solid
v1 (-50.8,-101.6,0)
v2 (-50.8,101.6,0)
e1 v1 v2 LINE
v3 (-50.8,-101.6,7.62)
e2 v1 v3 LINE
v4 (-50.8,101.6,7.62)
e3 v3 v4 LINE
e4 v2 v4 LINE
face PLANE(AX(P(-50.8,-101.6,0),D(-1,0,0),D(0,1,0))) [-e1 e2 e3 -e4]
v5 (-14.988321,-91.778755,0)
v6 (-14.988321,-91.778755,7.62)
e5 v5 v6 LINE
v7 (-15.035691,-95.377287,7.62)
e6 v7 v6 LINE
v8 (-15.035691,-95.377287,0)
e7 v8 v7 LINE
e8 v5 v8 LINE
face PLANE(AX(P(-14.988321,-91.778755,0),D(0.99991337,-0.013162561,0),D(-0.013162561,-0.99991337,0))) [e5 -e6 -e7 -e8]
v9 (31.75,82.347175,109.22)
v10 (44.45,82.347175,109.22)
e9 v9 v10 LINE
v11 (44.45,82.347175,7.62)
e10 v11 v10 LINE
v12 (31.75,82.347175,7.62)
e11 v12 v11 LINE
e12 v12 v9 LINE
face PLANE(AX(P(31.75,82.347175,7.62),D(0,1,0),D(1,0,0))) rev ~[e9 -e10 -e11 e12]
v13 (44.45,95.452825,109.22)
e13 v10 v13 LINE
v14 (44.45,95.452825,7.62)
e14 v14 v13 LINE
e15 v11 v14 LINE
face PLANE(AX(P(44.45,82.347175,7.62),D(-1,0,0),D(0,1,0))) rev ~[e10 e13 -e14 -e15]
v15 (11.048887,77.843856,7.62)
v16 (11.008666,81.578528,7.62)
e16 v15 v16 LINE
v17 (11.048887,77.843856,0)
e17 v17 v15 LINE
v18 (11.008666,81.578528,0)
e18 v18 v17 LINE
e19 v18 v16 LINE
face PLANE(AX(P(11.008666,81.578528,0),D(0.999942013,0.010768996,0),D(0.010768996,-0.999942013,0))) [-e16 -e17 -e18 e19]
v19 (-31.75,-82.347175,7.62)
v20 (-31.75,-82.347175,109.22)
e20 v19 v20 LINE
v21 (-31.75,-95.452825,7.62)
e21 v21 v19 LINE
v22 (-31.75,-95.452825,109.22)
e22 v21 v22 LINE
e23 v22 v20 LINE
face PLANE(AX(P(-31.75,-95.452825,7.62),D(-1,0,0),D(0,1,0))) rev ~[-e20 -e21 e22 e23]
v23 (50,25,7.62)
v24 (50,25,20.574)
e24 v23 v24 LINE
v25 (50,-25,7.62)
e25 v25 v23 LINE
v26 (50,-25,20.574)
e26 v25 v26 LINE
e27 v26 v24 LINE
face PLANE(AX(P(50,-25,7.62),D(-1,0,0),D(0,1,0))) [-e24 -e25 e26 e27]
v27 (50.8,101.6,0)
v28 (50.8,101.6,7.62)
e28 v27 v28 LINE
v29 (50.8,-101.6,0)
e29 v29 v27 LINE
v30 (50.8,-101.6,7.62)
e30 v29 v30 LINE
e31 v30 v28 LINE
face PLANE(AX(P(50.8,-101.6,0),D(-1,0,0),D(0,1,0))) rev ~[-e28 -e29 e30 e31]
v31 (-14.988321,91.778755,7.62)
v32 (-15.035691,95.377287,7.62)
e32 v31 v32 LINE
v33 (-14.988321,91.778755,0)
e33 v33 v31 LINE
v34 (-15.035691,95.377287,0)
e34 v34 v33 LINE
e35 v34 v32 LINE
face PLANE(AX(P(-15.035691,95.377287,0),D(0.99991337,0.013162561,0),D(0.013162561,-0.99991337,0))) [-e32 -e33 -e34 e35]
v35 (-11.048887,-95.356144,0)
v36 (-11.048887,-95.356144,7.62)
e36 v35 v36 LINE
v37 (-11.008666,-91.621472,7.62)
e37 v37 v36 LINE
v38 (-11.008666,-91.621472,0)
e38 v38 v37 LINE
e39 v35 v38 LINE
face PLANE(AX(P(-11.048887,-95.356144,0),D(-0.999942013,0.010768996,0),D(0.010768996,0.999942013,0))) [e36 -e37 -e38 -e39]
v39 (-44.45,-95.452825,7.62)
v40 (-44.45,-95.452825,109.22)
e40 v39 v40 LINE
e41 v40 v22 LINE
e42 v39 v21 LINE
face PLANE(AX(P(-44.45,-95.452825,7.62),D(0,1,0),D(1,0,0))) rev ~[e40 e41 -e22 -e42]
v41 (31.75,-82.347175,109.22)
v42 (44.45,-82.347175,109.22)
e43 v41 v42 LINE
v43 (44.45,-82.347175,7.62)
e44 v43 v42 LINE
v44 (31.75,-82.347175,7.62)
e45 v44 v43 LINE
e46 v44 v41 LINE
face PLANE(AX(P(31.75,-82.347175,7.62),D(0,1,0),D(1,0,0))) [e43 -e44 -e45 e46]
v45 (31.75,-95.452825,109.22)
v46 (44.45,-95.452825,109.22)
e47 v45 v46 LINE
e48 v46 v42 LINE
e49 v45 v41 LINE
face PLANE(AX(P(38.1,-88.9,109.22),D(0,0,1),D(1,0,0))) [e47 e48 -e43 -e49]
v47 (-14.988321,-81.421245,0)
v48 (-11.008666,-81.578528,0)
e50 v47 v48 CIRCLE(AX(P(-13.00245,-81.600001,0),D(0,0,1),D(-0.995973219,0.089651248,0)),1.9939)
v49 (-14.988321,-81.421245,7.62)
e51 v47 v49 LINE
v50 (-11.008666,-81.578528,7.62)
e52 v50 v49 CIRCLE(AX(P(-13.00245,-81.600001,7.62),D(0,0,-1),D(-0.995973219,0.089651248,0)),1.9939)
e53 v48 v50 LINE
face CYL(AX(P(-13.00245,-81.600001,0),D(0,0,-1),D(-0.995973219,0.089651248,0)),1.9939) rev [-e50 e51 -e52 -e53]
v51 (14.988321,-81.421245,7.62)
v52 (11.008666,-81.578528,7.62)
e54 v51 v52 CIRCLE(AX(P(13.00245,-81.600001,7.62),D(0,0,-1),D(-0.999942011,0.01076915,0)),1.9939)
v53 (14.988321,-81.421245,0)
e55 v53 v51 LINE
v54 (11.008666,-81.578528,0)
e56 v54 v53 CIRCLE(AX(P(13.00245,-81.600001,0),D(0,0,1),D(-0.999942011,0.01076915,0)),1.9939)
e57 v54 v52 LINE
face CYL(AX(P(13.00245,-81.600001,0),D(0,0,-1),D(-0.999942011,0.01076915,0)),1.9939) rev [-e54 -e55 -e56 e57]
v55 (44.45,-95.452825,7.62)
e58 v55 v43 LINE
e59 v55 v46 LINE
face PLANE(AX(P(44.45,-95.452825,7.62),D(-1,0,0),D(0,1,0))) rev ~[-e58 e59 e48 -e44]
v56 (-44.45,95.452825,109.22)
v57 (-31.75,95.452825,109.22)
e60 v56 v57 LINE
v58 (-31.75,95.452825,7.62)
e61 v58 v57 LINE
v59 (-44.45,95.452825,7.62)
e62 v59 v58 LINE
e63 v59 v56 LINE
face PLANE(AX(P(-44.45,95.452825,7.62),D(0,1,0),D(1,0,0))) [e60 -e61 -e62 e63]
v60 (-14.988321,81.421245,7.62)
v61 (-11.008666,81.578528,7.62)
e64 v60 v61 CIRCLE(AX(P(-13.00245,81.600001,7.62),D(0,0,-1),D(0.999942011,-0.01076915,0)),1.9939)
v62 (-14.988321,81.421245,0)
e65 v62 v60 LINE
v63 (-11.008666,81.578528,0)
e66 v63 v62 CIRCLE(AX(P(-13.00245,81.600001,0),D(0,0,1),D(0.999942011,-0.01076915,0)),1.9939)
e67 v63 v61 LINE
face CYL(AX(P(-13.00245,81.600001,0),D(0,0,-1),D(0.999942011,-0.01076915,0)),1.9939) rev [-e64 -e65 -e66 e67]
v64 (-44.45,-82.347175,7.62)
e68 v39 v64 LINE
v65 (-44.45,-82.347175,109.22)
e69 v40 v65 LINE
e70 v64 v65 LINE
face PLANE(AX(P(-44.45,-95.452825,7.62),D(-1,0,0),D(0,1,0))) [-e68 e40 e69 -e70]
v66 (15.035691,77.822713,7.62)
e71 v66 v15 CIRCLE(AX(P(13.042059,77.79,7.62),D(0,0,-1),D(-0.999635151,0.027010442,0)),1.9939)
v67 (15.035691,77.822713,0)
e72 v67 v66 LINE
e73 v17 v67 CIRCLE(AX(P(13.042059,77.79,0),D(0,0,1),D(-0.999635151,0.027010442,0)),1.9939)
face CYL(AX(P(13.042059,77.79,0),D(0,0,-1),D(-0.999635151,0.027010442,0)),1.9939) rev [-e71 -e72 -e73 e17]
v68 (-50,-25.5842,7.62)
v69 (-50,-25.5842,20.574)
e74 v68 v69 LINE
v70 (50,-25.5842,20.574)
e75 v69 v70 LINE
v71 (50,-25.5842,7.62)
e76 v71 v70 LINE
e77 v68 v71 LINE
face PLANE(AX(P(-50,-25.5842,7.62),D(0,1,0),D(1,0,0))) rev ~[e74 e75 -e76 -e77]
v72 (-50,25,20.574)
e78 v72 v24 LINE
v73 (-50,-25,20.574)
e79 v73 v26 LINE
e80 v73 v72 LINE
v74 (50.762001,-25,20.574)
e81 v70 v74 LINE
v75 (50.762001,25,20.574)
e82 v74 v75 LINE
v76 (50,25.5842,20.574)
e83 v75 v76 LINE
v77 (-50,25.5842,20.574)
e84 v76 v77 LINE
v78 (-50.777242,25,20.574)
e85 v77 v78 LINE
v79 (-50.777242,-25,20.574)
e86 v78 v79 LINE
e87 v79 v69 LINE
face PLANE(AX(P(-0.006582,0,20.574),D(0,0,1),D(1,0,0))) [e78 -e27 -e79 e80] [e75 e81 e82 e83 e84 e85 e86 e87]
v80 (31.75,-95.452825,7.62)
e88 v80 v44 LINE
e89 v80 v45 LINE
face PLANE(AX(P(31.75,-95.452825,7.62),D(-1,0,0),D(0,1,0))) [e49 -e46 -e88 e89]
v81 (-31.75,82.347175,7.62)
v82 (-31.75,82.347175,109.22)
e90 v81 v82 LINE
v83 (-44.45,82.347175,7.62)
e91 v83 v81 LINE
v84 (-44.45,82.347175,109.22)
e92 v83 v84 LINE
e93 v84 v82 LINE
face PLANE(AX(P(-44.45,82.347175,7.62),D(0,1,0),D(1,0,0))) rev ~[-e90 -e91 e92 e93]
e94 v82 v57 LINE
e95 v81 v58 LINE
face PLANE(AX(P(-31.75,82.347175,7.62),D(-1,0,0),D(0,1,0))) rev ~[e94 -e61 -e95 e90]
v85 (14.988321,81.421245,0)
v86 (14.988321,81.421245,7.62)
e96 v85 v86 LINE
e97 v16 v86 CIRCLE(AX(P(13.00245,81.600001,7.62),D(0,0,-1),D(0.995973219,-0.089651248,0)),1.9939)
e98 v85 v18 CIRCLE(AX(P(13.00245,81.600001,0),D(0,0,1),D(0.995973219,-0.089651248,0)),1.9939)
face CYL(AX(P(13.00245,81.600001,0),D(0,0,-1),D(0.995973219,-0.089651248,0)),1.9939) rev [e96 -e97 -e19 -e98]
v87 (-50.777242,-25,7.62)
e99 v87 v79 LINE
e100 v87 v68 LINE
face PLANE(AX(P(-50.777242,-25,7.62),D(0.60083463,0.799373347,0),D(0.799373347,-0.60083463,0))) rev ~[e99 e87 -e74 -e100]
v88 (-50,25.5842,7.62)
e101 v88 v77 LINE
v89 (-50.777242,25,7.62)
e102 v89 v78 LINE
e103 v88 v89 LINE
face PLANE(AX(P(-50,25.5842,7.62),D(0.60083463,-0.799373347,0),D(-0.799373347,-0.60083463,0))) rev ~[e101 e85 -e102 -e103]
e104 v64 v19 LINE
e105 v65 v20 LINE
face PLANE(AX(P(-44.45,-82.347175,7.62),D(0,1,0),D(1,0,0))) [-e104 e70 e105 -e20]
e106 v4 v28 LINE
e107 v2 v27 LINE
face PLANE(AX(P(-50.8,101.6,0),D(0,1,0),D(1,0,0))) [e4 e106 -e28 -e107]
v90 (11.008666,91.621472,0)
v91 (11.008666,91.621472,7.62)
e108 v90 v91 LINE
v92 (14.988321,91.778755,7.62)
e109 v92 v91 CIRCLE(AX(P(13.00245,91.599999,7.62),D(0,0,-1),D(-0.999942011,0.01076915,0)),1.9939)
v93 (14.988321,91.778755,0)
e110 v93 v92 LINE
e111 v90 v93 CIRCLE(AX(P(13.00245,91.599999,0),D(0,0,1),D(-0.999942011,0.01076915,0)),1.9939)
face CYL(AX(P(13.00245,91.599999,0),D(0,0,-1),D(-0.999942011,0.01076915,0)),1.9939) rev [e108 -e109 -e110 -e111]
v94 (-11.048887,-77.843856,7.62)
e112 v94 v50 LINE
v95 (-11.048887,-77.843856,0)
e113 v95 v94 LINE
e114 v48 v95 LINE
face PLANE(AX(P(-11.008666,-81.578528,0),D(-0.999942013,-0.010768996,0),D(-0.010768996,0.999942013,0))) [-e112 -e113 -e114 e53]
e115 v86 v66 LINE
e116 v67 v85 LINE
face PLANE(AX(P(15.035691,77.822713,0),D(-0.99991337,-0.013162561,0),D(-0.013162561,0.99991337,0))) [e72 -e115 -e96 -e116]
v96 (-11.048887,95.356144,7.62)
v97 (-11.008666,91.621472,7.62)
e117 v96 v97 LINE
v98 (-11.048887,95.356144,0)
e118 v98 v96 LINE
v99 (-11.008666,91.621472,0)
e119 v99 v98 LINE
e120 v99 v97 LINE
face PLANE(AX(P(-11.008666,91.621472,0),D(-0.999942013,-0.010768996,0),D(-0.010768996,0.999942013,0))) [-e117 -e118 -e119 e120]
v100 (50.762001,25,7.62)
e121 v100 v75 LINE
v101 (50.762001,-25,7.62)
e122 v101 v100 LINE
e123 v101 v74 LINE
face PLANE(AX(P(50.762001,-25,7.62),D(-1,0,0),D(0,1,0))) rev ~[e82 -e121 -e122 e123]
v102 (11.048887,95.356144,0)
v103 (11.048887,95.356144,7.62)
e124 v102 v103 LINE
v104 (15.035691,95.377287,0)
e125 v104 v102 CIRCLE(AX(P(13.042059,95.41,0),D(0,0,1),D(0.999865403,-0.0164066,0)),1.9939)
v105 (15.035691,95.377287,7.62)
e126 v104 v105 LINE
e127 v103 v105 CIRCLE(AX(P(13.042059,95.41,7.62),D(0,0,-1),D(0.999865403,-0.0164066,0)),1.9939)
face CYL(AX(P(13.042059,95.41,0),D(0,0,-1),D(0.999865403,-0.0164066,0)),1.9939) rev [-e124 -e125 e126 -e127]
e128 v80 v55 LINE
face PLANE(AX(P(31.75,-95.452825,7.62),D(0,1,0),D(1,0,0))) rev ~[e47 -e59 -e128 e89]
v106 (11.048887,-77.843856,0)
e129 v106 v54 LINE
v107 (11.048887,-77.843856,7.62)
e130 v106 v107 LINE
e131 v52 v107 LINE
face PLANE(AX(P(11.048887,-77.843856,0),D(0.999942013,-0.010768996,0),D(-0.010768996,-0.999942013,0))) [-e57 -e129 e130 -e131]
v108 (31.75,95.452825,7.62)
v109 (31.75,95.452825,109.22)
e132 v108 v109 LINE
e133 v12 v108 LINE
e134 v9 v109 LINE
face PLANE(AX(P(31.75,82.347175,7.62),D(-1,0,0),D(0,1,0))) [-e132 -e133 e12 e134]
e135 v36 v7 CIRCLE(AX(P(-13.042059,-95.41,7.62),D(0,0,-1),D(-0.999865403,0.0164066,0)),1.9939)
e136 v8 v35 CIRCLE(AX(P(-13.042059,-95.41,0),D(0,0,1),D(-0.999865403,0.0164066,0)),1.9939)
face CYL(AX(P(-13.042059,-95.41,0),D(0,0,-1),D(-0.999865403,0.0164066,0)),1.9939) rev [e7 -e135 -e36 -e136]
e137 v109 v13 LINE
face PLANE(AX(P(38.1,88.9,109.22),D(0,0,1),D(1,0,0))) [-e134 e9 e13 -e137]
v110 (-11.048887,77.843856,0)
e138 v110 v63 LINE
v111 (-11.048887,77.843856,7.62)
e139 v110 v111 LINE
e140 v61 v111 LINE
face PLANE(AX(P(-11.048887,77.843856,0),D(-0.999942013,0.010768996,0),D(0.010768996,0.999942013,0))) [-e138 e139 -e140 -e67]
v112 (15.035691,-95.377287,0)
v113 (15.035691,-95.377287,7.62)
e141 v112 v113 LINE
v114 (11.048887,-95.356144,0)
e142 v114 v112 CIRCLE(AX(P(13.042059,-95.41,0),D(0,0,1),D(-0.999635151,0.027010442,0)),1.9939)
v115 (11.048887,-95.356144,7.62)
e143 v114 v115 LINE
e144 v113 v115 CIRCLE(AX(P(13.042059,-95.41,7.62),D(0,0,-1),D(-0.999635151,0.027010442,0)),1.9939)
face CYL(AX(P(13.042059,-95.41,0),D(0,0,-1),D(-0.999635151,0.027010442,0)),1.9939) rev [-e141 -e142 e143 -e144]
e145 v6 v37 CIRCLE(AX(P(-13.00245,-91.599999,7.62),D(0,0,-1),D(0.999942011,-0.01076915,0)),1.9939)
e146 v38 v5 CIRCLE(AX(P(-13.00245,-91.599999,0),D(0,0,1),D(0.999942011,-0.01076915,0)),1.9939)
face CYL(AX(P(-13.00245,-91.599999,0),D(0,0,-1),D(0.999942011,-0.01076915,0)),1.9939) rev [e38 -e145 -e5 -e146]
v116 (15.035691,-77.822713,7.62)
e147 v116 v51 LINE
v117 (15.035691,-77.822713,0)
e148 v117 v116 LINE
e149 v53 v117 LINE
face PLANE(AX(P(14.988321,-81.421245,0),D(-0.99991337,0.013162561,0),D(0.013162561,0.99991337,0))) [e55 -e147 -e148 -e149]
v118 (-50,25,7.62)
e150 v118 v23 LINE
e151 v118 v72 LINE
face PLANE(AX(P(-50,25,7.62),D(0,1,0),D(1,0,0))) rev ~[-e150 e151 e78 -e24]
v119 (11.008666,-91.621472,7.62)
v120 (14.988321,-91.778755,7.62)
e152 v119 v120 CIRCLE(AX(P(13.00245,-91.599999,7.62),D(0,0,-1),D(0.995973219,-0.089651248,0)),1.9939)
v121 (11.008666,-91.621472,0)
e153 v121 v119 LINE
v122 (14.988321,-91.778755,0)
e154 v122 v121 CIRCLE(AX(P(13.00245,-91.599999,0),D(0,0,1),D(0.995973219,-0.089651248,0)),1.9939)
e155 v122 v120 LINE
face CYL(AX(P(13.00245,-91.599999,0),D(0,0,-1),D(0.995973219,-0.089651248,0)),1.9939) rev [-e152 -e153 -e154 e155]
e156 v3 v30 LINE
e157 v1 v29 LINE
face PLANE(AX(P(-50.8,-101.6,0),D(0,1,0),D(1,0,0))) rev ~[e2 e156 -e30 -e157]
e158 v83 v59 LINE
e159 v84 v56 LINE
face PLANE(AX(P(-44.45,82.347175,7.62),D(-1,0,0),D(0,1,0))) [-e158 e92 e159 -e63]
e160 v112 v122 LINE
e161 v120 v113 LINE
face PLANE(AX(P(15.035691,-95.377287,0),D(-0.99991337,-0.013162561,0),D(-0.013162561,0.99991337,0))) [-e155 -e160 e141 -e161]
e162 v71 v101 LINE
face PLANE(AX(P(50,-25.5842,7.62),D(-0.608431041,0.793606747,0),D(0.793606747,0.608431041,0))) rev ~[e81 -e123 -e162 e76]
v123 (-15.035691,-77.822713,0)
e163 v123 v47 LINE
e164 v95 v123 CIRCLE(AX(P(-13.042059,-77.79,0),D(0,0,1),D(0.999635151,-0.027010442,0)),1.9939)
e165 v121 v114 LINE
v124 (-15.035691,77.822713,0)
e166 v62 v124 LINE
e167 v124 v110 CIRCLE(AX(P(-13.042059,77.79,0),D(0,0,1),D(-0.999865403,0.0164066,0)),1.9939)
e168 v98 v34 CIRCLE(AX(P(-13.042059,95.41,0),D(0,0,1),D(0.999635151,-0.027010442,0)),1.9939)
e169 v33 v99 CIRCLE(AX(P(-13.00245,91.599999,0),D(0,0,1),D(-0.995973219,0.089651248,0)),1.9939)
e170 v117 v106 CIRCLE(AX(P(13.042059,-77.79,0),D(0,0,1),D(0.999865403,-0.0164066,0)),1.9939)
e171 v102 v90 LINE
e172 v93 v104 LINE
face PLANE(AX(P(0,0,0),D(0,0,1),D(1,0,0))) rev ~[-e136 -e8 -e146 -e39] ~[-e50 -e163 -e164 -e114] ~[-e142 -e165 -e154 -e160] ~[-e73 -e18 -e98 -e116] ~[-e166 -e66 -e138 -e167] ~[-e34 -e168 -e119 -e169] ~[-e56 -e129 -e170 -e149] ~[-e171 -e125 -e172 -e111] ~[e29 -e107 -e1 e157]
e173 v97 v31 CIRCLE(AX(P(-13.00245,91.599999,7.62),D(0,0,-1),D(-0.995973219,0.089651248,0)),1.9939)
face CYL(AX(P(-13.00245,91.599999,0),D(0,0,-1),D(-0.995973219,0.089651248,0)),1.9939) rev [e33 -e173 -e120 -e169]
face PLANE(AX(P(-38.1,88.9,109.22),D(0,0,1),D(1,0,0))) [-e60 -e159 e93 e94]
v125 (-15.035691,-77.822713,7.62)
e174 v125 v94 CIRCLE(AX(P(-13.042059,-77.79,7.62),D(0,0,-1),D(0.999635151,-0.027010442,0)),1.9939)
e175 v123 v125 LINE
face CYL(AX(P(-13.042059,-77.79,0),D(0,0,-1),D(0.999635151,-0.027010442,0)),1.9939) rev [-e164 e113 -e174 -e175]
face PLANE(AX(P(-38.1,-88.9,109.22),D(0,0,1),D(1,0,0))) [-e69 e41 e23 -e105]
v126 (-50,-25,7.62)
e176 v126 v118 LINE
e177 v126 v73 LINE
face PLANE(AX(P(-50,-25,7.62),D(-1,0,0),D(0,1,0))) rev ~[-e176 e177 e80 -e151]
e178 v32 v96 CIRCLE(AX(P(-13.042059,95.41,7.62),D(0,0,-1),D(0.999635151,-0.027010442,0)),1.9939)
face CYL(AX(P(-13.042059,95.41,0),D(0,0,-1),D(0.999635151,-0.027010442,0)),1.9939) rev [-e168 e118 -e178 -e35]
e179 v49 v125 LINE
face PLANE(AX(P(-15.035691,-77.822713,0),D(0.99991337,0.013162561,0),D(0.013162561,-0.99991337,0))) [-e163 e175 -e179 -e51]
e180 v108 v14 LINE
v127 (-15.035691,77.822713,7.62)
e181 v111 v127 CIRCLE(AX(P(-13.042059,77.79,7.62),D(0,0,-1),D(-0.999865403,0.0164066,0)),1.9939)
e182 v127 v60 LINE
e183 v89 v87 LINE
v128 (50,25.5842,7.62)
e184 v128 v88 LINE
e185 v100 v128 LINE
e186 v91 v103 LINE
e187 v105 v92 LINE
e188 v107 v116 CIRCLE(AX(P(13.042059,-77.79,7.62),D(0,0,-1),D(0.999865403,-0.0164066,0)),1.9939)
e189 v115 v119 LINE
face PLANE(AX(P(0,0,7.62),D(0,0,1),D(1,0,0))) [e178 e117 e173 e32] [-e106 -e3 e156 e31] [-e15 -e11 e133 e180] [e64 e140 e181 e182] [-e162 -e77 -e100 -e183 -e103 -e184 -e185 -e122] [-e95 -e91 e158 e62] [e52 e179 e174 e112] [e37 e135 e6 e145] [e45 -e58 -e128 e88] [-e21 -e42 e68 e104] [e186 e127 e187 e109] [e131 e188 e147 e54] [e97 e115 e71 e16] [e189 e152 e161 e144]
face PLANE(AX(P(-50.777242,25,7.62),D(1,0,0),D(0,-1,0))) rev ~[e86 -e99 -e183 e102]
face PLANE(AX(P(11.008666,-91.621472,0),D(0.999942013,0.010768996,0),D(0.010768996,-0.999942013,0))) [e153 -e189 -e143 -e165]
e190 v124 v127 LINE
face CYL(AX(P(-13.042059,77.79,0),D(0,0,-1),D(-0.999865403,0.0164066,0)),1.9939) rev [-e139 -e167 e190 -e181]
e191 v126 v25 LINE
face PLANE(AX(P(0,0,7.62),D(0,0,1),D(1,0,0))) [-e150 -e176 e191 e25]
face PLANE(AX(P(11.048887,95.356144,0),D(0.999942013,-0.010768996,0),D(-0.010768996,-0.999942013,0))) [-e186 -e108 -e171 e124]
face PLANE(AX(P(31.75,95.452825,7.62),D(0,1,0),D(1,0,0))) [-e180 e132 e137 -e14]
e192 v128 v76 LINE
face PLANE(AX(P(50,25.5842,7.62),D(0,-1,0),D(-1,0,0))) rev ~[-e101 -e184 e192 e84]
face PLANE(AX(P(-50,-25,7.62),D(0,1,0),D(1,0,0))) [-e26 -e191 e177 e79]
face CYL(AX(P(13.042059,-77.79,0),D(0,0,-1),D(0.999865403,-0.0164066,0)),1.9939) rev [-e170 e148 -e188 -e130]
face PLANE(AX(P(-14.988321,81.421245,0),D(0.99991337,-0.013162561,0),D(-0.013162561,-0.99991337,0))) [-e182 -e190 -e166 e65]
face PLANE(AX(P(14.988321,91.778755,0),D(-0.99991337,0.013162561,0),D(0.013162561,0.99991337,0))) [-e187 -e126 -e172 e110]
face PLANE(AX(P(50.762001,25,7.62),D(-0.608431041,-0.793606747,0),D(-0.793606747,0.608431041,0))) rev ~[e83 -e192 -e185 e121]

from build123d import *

# Parameters (mm, degrees)
F0_W     = 101.6
F0_H     = 203.2
F1_DEPTH = 7.62
F3_DEPTH = 25.4
F4_W     = 12.7
F4_H     = 13.10565
F5_DEPTH = 101.6
F6_W     = 100
F6_H     = 50
F7_DEPTH = 12.954


with BuildPart() as f1:
    # F0 (on Top) → F1 (new body)
    with BuildSketch(Plane.XY):
        Rectangle(F0_W, F0_H)
    extrude(amount=F1_DEPTH)

    # F2 (on Top) → F3 (cut)
    with BuildSketch(Plane.XY):
        with BuildLine():
            Line((-15.035691, -77.822713), (-14.988321, -81.421245))
            ThreePointArc((-14.988321, -81.421245), (-13.081192, -83.592345), (-11.008666, -81.578528))
            Line((-11.008666, -81.578528), (-11.048887, -77.843856))
            ThreePointArc((-11.048887, -77.843856), (-13.031485, -75.796128), (-15.035691, -77.822713))
        make_face()
        with BuildLine():
            ThreePointArc((-15.035691, -95.377287), (-13.031485, -97.403872), (-11.048887, -95.356144))
            Line((-11.048887, -95.356144), (-11.008666, -91.621472))
            ThreePointArc((-11.008666, -91.621472), (-13.081192, -89.607655), (-14.988321, -91.778755))
            Line((-14.988321, -91.778755), (-15.035691, -95.377287))
        make_face()
        with BuildLine():
            ThreePointArc((15.035691, -77.822713), (13.031485, -75.796128), (11.048887, -77.843856))
            Line((11.048887, -77.843856), (11.008666, -81.578528))
            ThreePointArc((11.008666, -81.578528), (13.081192, -83.592345), (14.988321, -81.421245))
            Line((14.988321, -81.421245), (15.035691, -77.822713))
        make_face()
        with BuildLine():
            Line((11.008666, -91.621472), (11.048887, -95.356144))
            ThreePointArc((11.048887, -95.356144), (13.031485, -97.403872), (15.035691, -95.377287))
            Line((15.035691, -95.377287), (14.988321, -91.778755))
            ThreePointArc((14.988321, -91.778755), (13.081192, -89.607655), (11.008666, -91.621472))
        make_face()
        with BuildLine():
            ThreePointArc((15.035691, 95.377287), (13.031485, 97.403872), (11.048887, 95.356144))
            Line((11.048887, 95.356144), (11.008666, 91.621472))
            ThreePointArc((11.008666, 91.621472), (13.081192, 89.607655), (14.988321, 91.778755))
            Line((14.988321, 91.778755), (15.035691, 95.377287))
        make_face()
        with BuildLine():
            Line((-11.008666, 91.621472), (-11.048887, 95.356144))
            ThreePointArc((-11.048887, 95.356144), (-13.031485, 97.403872), (-15.035691, 95.377287))
            Line((-15.035691, 95.377287), (-14.988321, 91.778755))
            ThreePointArc((-14.988321, 91.778755), (-13.081192, 89.607655), (-11.008666, 91.621472))
        make_face()
        with BuildLine():
            ThreePointArc((-15.035691, 77.822713), (-13.031485, 75.796128), (-11.048887, 77.843856))
            Line((-11.048887, 77.843856), (-11.008666, 81.578528))
            ThreePointArc((-11.008666, 81.578528), (-13.081192, 83.592345), (-14.988321, 81.421245))
            Line((-14.988321, 81.421245), (-15.035691, 77.822713))
        make_face()
        with BuildLine():
            ThreePointArc((11.048887, 77.843856), (13.031485, 75.796128), (15.035691, 77.822713))
            Line((15.035691, 77.822713), (14.988321, 81.421245))
            ThreePointArc((14.988321, 81.421245), (13.081192, 83.592345), (11.008666, 81.578528))
            Line((11.008666, 81.578528), (11.048887, 77.843856))
        make_face()
    extrude(amount=F3_DEPTH, mode=Mode.SUBTRACT)

    # F4 (on face) → F5 (join)
    with BuildSketch(Plane.XY.offset(7.62)):
        with Locations((38.1, 88.9)):
            Rectangle(F4_W, F4_H)
        with Locations((-38.1, 88.9)):
            Rectangle(F4_W, F4_H)
        with Locations((38.1, -88.9)):
            Rectangle(F4_W, F4_H)
        with Locations((-38.1, -88.9)):
            Rectangle(F4_W, F4_H)
    extrude(amount=F5_DEPTH)

    # F6 (on face) → F7 (join)
    with BuildSketch(Plane.XY.offset(7.62)):
        Polygon((50, 25.5842), (-50, 25.5842), (-50.777242, 25), (-50.777242, -25), (-50, -25.5842), (50, -25.5842), (50.762001, -25), (50.762001, 25), align=None)
        Rectangle(F6_W, F6_H, mode=Mode.SUBTRACT)
    extrude(amount=F7_DEPTH)


solid = f1.part
